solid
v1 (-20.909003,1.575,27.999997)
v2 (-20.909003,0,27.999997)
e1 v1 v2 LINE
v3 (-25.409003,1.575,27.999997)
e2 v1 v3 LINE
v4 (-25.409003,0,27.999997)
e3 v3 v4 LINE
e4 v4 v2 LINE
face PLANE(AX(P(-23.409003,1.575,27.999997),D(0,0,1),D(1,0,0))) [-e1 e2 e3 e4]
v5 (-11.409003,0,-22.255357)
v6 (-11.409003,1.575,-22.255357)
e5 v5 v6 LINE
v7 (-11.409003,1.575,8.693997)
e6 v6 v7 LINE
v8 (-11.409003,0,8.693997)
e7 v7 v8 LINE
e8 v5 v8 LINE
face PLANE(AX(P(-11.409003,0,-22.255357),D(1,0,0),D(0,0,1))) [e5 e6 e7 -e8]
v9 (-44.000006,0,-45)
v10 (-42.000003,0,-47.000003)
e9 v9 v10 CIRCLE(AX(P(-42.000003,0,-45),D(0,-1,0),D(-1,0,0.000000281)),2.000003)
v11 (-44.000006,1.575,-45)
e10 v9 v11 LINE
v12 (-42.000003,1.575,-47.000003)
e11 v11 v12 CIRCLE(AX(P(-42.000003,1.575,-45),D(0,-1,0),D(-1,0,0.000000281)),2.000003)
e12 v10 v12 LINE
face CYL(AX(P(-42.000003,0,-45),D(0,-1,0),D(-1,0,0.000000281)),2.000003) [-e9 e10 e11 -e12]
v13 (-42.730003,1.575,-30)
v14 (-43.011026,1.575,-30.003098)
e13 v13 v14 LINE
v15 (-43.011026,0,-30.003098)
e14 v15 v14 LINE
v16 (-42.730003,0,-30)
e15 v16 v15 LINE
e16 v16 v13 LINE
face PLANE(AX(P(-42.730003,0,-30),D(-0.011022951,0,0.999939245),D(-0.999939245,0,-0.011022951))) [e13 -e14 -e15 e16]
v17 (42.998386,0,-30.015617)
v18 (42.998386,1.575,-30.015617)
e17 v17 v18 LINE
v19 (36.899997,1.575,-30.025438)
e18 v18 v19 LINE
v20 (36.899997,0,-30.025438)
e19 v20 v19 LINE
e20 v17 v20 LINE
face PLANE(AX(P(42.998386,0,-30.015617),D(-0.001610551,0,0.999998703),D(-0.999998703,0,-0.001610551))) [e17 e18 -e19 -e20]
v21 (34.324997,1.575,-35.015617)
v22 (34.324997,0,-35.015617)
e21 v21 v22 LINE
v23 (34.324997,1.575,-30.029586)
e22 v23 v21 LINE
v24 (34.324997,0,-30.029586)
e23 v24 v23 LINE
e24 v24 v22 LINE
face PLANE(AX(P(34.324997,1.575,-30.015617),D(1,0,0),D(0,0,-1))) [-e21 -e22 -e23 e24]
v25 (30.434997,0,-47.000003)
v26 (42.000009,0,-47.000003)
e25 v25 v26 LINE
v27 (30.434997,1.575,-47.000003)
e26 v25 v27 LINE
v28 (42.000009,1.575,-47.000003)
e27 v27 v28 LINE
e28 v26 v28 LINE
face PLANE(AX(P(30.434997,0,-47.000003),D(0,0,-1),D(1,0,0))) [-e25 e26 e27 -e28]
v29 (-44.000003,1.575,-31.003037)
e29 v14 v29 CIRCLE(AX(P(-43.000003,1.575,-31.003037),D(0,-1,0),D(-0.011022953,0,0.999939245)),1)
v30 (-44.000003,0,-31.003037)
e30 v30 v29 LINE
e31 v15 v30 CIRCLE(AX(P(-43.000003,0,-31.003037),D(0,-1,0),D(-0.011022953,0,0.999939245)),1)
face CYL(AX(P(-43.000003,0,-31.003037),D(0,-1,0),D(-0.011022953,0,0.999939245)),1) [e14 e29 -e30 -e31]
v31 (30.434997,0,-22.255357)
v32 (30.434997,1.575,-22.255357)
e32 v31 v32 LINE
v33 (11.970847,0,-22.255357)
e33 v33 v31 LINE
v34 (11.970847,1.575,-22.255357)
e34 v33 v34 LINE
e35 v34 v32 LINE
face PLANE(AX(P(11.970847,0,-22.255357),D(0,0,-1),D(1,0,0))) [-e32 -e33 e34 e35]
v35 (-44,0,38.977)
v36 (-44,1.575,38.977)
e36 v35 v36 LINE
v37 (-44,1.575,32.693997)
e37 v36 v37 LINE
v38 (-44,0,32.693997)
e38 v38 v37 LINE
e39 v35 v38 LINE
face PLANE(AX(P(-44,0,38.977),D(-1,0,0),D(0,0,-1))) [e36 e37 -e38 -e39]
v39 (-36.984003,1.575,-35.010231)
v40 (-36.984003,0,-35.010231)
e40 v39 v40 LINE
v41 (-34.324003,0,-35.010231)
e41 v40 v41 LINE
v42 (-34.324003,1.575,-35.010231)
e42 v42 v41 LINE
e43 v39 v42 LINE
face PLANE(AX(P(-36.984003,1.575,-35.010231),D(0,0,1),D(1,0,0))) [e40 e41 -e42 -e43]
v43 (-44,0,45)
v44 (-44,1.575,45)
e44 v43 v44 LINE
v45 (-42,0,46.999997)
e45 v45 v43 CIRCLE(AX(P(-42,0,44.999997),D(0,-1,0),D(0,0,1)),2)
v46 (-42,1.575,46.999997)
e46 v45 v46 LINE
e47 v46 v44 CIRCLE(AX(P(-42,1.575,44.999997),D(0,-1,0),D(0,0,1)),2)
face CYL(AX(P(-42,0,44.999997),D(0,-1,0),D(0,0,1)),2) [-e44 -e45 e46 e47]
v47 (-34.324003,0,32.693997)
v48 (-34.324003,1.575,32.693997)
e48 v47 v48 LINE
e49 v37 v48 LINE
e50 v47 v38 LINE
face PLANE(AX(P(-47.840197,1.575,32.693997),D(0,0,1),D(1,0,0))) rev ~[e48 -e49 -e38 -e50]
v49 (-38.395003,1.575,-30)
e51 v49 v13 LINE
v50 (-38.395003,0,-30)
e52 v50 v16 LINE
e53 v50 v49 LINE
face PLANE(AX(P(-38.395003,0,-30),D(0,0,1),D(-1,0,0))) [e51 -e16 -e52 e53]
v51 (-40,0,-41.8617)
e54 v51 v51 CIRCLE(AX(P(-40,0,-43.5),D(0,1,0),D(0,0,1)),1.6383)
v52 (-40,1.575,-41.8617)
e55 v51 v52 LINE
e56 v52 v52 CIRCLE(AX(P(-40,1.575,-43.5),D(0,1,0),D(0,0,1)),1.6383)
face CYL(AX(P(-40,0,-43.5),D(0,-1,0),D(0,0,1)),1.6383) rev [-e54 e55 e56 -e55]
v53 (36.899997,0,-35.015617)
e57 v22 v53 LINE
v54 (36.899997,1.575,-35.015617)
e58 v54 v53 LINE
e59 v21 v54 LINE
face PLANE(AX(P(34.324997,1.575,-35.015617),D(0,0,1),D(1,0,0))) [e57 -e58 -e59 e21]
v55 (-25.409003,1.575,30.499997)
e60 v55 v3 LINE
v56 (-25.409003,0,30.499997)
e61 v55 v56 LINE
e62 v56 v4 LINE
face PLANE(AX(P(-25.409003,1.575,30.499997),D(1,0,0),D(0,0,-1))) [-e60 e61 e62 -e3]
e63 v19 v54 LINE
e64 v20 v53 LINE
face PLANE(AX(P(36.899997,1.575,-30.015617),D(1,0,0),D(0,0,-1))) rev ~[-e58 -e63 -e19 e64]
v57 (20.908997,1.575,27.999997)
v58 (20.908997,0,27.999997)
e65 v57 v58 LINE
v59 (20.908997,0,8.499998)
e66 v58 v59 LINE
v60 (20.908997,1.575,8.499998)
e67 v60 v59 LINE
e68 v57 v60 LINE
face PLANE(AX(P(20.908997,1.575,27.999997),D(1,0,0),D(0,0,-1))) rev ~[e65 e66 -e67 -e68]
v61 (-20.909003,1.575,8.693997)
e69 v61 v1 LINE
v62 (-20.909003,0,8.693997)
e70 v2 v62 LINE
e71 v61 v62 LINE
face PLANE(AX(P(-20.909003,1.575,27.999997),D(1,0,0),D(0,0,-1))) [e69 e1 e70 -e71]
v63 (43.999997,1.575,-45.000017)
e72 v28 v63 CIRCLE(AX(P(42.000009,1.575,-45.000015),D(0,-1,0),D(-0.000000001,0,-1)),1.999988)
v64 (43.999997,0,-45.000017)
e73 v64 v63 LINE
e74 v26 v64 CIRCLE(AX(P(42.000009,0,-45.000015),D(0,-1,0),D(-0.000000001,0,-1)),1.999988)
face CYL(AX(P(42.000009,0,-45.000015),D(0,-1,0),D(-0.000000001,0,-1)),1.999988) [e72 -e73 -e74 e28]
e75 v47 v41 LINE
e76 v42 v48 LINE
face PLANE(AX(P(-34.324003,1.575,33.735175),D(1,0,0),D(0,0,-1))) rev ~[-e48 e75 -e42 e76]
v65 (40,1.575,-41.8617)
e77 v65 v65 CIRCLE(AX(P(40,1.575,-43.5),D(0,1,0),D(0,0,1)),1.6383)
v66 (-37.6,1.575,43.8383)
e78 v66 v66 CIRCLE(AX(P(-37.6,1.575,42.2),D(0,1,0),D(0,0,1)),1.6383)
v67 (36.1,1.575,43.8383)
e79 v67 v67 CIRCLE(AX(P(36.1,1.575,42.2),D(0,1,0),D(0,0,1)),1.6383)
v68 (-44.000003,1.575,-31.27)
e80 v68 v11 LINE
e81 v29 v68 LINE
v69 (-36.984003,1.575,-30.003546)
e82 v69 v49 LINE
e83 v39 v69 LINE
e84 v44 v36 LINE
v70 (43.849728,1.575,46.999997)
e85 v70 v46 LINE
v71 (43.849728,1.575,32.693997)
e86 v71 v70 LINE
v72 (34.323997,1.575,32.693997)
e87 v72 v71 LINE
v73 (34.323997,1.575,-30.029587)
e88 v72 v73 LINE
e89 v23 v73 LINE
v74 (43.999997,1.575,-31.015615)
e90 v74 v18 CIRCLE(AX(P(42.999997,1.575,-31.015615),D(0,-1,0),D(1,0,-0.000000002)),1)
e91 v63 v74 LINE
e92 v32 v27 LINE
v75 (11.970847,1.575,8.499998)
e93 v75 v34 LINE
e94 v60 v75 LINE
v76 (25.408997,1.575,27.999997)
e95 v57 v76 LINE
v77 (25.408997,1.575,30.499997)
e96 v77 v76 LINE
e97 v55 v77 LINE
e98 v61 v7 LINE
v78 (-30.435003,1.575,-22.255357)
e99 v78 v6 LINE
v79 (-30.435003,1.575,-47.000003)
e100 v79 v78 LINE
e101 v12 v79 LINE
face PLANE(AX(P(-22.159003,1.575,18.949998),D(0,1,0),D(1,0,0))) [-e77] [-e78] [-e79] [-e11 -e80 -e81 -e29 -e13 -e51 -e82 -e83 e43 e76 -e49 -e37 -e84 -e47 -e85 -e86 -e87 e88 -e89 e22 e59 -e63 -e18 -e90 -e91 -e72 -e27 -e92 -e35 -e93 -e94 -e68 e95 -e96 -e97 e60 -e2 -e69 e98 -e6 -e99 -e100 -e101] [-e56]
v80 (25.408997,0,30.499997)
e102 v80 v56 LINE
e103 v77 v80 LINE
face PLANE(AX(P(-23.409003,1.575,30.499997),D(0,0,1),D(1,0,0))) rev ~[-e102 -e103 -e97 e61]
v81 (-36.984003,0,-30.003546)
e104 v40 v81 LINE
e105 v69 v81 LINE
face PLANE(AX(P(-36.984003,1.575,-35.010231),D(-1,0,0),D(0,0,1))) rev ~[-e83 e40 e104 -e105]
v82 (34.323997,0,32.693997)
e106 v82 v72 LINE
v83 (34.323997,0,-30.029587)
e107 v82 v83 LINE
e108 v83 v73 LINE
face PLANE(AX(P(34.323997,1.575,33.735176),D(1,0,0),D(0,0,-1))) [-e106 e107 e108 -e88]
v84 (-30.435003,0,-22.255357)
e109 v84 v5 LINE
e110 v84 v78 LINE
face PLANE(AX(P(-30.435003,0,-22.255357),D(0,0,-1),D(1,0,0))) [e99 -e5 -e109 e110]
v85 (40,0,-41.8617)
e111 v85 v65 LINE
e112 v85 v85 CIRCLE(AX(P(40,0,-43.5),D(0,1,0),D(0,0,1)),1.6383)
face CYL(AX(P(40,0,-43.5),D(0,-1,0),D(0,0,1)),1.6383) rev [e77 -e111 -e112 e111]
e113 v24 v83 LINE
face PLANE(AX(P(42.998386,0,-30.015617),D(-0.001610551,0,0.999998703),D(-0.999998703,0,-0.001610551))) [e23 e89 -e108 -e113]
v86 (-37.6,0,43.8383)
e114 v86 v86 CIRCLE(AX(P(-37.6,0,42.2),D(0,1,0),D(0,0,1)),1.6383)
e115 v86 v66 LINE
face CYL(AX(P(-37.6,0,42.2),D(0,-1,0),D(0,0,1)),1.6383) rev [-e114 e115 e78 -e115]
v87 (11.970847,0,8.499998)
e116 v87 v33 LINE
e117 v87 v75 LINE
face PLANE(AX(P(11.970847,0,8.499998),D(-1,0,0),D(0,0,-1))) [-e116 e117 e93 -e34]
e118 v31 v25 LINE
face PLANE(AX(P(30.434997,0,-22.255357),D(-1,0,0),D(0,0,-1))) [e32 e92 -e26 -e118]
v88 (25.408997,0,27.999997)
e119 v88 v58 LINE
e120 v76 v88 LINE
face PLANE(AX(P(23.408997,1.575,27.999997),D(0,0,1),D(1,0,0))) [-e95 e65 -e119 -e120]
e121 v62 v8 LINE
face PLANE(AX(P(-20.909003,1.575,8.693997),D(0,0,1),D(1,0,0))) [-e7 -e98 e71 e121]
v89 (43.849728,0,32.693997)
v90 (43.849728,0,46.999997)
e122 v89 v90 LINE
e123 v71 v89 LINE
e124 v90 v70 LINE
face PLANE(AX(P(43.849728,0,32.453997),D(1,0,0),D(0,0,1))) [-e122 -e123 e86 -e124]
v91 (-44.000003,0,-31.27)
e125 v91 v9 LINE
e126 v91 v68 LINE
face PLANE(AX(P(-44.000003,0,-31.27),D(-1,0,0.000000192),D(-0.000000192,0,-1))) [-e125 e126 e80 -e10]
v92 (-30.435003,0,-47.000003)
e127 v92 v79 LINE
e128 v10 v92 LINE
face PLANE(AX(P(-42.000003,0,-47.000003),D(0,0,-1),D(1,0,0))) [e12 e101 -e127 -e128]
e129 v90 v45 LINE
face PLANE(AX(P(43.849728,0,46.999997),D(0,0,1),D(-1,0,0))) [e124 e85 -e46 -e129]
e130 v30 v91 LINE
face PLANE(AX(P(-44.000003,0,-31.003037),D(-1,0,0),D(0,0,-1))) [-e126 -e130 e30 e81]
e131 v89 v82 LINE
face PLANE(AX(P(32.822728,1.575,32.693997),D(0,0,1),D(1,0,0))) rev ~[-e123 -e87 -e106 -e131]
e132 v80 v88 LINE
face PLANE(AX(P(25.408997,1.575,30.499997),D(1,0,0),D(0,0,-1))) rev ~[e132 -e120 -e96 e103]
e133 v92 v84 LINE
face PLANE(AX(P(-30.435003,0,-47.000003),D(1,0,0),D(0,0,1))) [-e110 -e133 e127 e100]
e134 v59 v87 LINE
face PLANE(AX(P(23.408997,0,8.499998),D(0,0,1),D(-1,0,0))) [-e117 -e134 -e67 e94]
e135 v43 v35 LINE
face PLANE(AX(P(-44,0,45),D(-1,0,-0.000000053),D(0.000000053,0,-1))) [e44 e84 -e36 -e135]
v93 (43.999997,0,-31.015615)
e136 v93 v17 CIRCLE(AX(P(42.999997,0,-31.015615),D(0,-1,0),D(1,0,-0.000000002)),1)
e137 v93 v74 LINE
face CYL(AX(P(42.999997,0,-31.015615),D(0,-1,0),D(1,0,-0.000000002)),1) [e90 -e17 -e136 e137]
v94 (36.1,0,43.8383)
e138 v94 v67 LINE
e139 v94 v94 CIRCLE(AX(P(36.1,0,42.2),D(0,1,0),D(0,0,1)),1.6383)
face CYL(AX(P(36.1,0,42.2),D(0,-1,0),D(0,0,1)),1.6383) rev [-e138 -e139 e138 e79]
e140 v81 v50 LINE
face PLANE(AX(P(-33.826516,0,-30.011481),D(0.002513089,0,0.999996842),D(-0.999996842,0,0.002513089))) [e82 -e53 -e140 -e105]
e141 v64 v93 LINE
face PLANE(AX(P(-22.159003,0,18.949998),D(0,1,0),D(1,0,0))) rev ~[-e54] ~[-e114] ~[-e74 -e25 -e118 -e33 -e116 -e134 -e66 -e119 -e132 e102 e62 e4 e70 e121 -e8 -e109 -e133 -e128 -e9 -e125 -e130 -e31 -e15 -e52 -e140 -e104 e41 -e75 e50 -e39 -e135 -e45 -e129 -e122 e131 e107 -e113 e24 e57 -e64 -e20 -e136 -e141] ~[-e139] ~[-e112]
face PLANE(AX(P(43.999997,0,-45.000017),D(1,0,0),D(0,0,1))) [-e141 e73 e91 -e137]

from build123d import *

# Parameters (mm, degrees)
SKETCH1_2_R                 = 1.6383
BOSS_EXTRUDE2_DEPTH         = 1.575
SKETCH2_W                   = 14.080651801
SKETCH2_H                   = 7.11628052
SKETCH2_W_2                 = 15.007196354
SKETCH2_H_2                 = 9.421332762
CUT_EXTRUDE1_DEPTH          = 65.400942629
ADDITIONAL_PCB_MATERIAL_W   = 2.649520344
ADDITIONAL_PCB_MATERIAL_H   = 65.213315835
ADDITIONAL_PCB_MATERIAL_W_2 = 1.5
ADDITIONAL_PCB_MATERIAL_H_2 = 65.299191064
BOSS_EXTRUDE3_DEPTH         = 1.575
SKETCH3_W                   = 46.818
SKETCH3_H                   = 1
BOSS_EXTRUDE4_DEPTH         = 1.575
SKETCH4_W                   = 2
SKETCH4_H                   = 2.5
CUT_EXTRUDE2_DEPTH          = 65.400942629
SKETCH5_W                   = 2.5
SKETCH5_H                   = 18.09999695
SKETCH5_H_2                 = 19.499999394
BOSS_EXTRUDE5_DEPTH         = 1.575
SKETCH7_W                   = 9.5
SKETCH7_H                   = 1.20600305
CUT_EXTRUDE3_DEPTH          = 65.400942629
SKETCH26_W                  = 2.575
SKETCH26_H                  = 5
CUT_EXTRUDE4_DEPTH          = 10


with BuildPart() as part:
    # Sketch1<2> → Boss-Extrude2 (new body)
    with BuildSketch(Plane(origin=(0, 0, 0), x_dir=(1, 0, 0), z_dir=(0, 1, 0))):
        with BuildLine():
            Line((-38.39500299, 29.999999735), (-42.73000299, 29.999999735))
            Line((-42.73000299, 29.999999735), (-43.011025994, 30.003097626))
            ThreePointArc((-43.011025994, 30.003097626), (-43.710996344, 30.299838092), (-44.000003042, 31.003036872))
            Line((-44.000003042, 31.003036872), (-44.000003042, 31.269999735))
            Line((-44.000003042, 31.269999735), (-44.000005679, 44.999999735))
            ThreePointArc((-44.000005679, 44.999999735), (-43.414218633, 46.414215608), (-42.000002924, 47.000003051))
            Line((-42.000002924, 47.000003051), (-30.435003, 47.000003051))
            Line((-30.435003, 47.000003051), (-30.435003, 22.255357341))
            Line((-30.435003, 22.255357341), (-11.409003, 22.255357341))
            Line((-11.409003, 22.255357341), (-11.409003, -9.899999999))
            Line((-11.409003, -9.899999999), (-23.409003, -9.899999999))
            Line((-23.409003, -9.899999999), (-23.409003, -31.499996949))
            Line((-23.409003, -31.499996949), (23.408997, -31.499996949))
            Line((23.408997, -31.499996949), (23.408997, -8.499997555))
            Line((23.408997, -8.499997555), (11.97084713, -8.499997555))
            Line((11.97084713, -8.499997555), (11.97084713, 22.255357341))
            Line((11.97084713, 22.255357341), (30.434997, 22.255357341))
            Line((30.434997, 22.255357341), (30.434997, 47.000003051))
            Line((30.434997, 47.000003051), (42.000008541, 47.000003051))
            ThreePointArc((42.000008541, 47.000003051), (43.414213215, 46.414220704), (43.999996956, 45.000016607))
            Line((43.999996956, 45.000016607), (43.999996956, 32.000003378))
            Line((43.999996956, 32.000003378), (43.999996956, 31.015615364))
            ThreePointArc((43.999996956, 31.015615364), (43.706534093, 30.307939396), (42.998386406, 30.015616661))
            Line((42.998386406, 30.015616661), (33.825607551, 30.030389905))
            ThreePointArc((33.825607551, 30.030389905), (33.117459864, 29.738067169), (32.823997, 29.030391202))
            Line((32.823997, 29.030391202), (32.823997, -30.453996949))
            ThreePointArc((32.823997, -30.453996949), (33.116890219, -31.16110373), (33.823997, -31.453996949))
            Line((33.823997, -31.453996949), (36.099999555, -31.453996949))
            Line((36.099999555, -31.453996949), (42.849728118, -31.453996949))
            ThreePointArc((42.849728118, -31.453996949), (43.556834899, -31.746890168), (43.849728118, -32.453996949))
            Line((43.849728118, -32.453996949), (43.849728118, -36.999996949))
            Line((43.849728118, -36.999996949), (43.849728118, -46.999996949))
            Line((43.849728118, -46.999996949), (-42.000000178, -46.999996949))
            ThreePointArc((-42.000000178, -46.999996949), (-43.414212804, -46.414211581), (-44.000000499, -44.999999921))
            Line((-44.000000499, -44.999999921), (-44.000000178, -38.976999921))
            Line((-44.000000178, -38.976999921), (-44.000000178, -32.453999802))
            ThreePointArc((-44.000000178, -32.453999802), (-43.70710696, -31.746893021), (-43.000000178, -31.453999802))
            Line((-43.000000178, -31.453999802), (-36.100000549, -31.453999802))
            Line((-36.100000549, -31.453999802), (-33.824003042, -31.453999802))
            ThreePointArc((-33.824003042, -31.453999802), (-33.116896261, -31.161106583), (-32.824003042, -30.453999802))
            Line((-32.824003042, -30.453999802), (-32.824003042, 29.011483943))
            ThreePointArc((-32.824003042, 29.011483943), (-33.117785331, 29.719478678), (-33.826516131, 30.011480785))
            Line((-33.826516131, 30.011480785), (-38.39500299, 29.999999735))
        make_face()
        with Locations((40, 43.5)):
            Circle(SKETCH1_2_R, mode=Mode.SUBTRACT)
        with Locations((-40, 43.5)):
            Circle(SKETCH1_2_R, mode=Mode.SUBTRACT)
        with Locations((-37.6, -42.2)):
            Circle(SKETCH1_2_R, mode=Mode.SUBTRACT)
        with Locations((36.1, -42.2)):
            Circle(SKETCH1_2_R, mode=Mode.SUBTRACT)
    extrude(amount=BOSS_EXTRUDE2_DEPTH)

    # Sketch2 → Cut-Extrude1 (cut, through all)
    with BuildSketch(Plane(origin=(0, 1.575, 0), x_dir=(1, 0, 0), z_dir=(0, 1, 0))):
        with Locations((39.863054019, -29.135856689)):
            Rectangle(SKETCH2_W, SKETCH2_H)
        with Locations((-40.336598676, -27.983330568)):
            Rectangle(SKETCH2_W_2, SKETCH2_H_2)
    extrude(amount=-CUT_EXTRUDE1_DEPTH, mode=Mode.SUBTRACT)

    # Additional PCB material → Boss-Extrude3 (add)
    with BuildSketch(Plane(origin=(0, 1.575, 0), x_dir=(1, 0, 0), z_dir=(0, 1, 0))):
        with Locations((32.999236828, -1.128517583)):
            Rectangle(ADDITIONAL_PCB_MATERIAL_W, ADDITIONAL_PCB_MATERIAL_H)
        with Locations((-33.574003042, -1.085579968)):
            Rectangle(ADDITIONAL_PCB_MATERIAL_W_2, ADDITIONAL_PCB_MATERIAL_H_2)
    extrude(amount=-BOSS_EXTRUDE3_DEPTH)

    # Sketch3 → Boss-Extrude4 (add)
    with BuildSketch(Plane(origin=(0, 1.575, 0), x_dir=(1, 0, 0), z_dir=(0, 1, 0))):
        with Locations((-3e-06, -30.999996949)):
            Rectangle(SKETCH3_W, SKETCH3_H)
    extrude(amount=-BOSS_EXTRUDE4_DEPTH)

    # Sketch4 → Cut-Extrude2 (cut, through all)
    with BuildSketch(Plane(origin=(0, 1.575, 0), x_dir=(1, 0, 0), z_dir=(0, 1, 0))):
        with Locations((24.408997, -29.249996949)):
            Rectangle(SKETCH4_W, SKETCH4_H)
        with Locations((-24.409003, -29.249996949)):
            Rectangle(SKETCH4_W, SKETCH4_H)
    extrude(amount=-CUT_EXTRUDE2_DEPTH, mode=Mode.SUBTRACT)

    # Sketch5 → Boss-Extrude5 (add)
    with BuildSketch(Plane(origin=(0, 1.575, 0), x_dir=(1, 0, 0), z_dir=(0, 1, 0))):
        with Locations((-22.159003, -18.949998474)):
            Rectangle(SKETCH5_W, SKETCH5_H)
        with Locations((22.158997, -18.249997252)):
            Rectangle(SKETCH5_W, SKETCH5_H_2)
    extrude(amount=-BOSS_EXTRUDE5_DEPTH)

    # Sketch7 → Cut-Extrude3 (cut, through all)
    with BuildSketch(Plane(origin=(0, 1.575, 0), x_dir=(1, 0, 0), z_dir=(0, 1, 0))):
        with Locations((-16.159003, -9.296998474)):
            Rectangle(SKETCH7_W, SKETCH7_H)
    extrude(amount=-CUT_EXTRUDE3_DEPTH, mode=Mode.SUBTRACT)

    # Sketch26 → Cut-Extrude4 (cut)
    with BuildSketch(Plane(origin=(0, 1.575, 0), x_dir=(1, 0, 0), z_dir=(0, 1, 0))):
        Polygon((-36.984003042, 35.010230552), (-34.324003042, 35.010230552), (-34.324003042, 29.927765717), (-36.984003042, 29.927765717), (-36.984003042, 30.010230552), align=None)
        with Locations((35.612496956, 32.515616661)):
            Rectangle(SKETCH26_W, SKETCH26_H)
    extrude(amount=-CUT_EXTRUDE4_DEPTH, mode=Mode.SUBTRACT)


solid = part.part
